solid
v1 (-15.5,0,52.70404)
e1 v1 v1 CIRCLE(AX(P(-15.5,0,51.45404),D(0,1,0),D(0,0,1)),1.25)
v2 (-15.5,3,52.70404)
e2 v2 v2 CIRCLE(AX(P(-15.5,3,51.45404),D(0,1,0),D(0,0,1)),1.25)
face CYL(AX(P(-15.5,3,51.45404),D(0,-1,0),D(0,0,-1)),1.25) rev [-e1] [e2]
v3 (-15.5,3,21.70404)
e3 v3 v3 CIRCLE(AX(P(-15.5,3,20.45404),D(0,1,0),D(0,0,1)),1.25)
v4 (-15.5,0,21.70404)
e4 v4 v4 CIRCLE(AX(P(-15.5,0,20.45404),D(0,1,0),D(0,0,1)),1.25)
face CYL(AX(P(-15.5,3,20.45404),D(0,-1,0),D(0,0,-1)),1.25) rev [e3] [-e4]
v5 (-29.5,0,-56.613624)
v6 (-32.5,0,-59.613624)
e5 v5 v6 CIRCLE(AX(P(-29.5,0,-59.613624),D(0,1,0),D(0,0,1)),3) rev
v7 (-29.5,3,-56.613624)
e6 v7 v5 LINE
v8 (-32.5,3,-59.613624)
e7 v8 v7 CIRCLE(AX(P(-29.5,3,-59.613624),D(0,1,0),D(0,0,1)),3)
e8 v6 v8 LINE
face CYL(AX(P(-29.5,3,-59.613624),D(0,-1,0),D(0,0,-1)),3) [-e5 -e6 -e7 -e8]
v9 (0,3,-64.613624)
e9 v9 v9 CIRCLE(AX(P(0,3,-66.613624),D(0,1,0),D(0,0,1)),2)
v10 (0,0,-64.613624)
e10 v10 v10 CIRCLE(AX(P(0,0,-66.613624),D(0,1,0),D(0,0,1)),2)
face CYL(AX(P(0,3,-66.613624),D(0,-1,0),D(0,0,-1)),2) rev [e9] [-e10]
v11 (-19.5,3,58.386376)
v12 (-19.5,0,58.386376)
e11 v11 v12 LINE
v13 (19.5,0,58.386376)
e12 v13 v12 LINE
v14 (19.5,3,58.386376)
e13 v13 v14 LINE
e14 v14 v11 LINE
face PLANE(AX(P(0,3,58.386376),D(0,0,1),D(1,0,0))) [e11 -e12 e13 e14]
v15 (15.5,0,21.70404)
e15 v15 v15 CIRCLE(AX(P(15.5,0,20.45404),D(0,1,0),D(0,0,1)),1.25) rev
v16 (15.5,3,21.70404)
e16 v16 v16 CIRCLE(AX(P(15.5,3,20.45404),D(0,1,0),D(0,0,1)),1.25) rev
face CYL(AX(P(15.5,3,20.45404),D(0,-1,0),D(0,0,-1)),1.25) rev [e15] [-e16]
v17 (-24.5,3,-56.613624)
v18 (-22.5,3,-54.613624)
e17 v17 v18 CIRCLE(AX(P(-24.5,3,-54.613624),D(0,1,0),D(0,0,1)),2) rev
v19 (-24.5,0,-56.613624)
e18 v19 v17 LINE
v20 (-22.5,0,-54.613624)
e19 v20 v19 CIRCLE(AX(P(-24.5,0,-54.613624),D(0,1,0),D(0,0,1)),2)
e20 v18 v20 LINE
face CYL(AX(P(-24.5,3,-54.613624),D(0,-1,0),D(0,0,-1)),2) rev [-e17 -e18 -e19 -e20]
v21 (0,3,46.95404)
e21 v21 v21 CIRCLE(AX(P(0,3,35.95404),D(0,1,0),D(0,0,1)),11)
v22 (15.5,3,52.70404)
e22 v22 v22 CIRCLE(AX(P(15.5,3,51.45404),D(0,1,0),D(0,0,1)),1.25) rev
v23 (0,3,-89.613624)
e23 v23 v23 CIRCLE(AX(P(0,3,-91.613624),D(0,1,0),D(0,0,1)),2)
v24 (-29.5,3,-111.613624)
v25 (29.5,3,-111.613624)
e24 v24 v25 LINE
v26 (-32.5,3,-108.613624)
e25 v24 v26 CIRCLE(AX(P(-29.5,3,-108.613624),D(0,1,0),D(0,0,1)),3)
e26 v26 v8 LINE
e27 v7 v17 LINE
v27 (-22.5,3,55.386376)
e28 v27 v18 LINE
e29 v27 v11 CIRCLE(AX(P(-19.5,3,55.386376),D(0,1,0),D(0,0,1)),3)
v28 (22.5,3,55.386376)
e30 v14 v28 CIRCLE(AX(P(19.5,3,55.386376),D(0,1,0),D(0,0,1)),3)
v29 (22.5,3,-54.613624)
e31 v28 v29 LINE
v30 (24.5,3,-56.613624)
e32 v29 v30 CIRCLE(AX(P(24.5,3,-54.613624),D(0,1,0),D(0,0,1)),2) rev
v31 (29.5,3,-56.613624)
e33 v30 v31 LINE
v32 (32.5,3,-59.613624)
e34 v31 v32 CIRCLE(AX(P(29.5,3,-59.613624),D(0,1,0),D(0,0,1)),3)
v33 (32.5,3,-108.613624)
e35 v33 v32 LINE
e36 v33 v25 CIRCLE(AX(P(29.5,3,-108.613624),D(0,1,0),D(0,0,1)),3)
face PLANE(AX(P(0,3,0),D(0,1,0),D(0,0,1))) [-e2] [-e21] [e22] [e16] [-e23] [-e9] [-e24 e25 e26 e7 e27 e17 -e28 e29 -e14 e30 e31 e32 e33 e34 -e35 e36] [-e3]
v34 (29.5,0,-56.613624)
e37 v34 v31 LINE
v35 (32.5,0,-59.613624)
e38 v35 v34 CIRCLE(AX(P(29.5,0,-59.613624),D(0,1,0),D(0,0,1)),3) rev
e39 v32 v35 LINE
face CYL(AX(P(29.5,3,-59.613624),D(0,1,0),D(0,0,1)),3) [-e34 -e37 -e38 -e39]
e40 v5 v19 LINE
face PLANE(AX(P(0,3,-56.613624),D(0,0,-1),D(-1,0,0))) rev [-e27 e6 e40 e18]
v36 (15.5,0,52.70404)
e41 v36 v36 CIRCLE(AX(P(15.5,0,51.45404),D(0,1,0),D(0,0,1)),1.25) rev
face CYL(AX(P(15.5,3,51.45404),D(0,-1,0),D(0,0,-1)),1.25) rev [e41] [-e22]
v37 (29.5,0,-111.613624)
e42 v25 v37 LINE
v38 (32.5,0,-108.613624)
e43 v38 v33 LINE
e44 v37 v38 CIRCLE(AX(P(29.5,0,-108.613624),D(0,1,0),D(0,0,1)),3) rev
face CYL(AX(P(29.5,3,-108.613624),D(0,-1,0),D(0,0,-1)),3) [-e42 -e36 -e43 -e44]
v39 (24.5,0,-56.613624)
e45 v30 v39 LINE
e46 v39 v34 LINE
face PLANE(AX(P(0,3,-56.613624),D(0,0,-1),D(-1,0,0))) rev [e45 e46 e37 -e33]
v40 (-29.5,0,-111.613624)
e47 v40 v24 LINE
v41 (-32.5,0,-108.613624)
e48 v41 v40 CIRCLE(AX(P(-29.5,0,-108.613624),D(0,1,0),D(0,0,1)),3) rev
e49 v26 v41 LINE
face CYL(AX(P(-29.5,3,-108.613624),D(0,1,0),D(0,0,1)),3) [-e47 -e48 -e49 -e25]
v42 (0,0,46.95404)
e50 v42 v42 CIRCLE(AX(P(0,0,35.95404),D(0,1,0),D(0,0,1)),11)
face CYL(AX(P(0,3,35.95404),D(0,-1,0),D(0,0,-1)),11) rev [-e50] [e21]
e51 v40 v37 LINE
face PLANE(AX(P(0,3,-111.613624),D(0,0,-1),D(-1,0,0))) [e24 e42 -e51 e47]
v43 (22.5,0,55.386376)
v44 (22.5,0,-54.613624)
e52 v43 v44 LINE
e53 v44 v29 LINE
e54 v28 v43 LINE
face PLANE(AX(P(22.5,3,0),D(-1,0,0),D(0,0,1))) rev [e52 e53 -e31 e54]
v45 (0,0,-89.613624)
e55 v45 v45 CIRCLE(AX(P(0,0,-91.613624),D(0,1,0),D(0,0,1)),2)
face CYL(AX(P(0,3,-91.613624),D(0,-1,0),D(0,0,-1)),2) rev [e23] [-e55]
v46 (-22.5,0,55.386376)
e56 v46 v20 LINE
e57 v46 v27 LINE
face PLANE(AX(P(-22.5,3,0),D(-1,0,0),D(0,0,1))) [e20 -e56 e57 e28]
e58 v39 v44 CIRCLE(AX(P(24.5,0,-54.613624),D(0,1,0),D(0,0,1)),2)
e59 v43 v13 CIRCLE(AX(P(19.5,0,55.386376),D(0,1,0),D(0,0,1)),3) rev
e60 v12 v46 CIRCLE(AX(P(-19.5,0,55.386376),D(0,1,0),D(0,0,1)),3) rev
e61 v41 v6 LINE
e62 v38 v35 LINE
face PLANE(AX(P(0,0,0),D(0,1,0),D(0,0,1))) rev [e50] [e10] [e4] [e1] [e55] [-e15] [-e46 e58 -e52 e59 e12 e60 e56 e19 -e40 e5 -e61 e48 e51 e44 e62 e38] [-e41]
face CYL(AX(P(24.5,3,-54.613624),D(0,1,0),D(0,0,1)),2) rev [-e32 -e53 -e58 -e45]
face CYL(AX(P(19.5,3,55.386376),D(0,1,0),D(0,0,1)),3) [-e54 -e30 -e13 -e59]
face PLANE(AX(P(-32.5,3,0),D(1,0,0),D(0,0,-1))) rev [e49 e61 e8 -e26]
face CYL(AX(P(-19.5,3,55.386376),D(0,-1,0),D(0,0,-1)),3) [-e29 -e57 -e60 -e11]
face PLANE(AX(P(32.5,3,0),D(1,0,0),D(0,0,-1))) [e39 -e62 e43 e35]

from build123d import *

# Parameters (mm, degrees)
SKETCH1_R           = 2
SKETCH1_R_2         = 1.25
SKETCH1_R_3         = 11
BOSS_EXTRUDE1_DEPTH = 3
FILLET1_R           = 3
FILLET2_R           = 3
FILLET3_R           = 3
FILLET4_R           = 3
FILLET5_R           = 3
FILLET7_R           = 3
FILLET8_R           = 2
FILLET9_R           = 2


with BuildPart() as part:
    # Sketch1 → Boss-Extrude1 (new body)
    with BuildSketch(Plane(origin=(0, 0, 0), x_dir=(1, 0, 0), z_dir=(0, 1, 0))):
        Polygon((0, 111.61362417), (-32.5, 111.61362417), (-32.5, 56.61362417), (-22.5, 56.61362417), (-22.5, -58.38637583), (0, -58.38637583), (22.5, -58.38637583), (22.5, 56.61362417), (32.5, 56.61362417), (32.5, 111.61362417), align=None)
        with Locations(Location((0, 91.61362417, 0), (0, 0, 270))):
            Circle(SKETCH1_R, mode=Mode.SUBTRACT)
        with Locations(Location((0, 66.61362417, 0), (0, 0, 270))):
            Circle(SKETCH1_R, mode=Mode.SUBTRACT)
        with Locations(Location((-15.5, -20.454039675, 0), (0, 0, 270))):
            Circle(SKETCH1_R_2, mode=Mode.SUBTRACT)
        with Locations(Location((-15.5, -51.454039675, 0), (0, 0, 270))):
            Circle(SKETCH1_R_2, mode=Mode.SUBTRACT)
        with Locations(Location((15.5, -51.454039675, 0), (0, 0, 270))):
            Circle(SKETCH1_R_2, mode=Mode.SUBTRACT)
        with Locations(Location((15.5, -20.454039675, 0), (0, 0, 270))):
            Circle(SKETCH1_R_2, mode=Mode.SUBTRACT)
        with Locations(Location((0, -35.954039675, 0), (0, 0, 270))):
            Circle(SKETCH1_R_3, mode=Mode.SUBTRACT)
    extrude(amount=BOSS_EXTRUDE1_DEPTH)

    # Fillet1
    fillet1_edges = [part.edges().sort_by_distance(p)[0] for p in [
        (32.5, 1.5, -111.61362417),
    ]]
    fillet(fillet1_edges, radius=FILLET1_R)

    # Fillet2
    fillet2_edges = [part.edges().sort_by_distance(p)[0] for p in [
        (-32.5, 1.5, -111.61362417),
    ]]
    fillet(fillet2_edges, radius=FILLET2_R)

    # Fillet3
    fillet3_edges = [part.edges().sort_by_distance(p)[0] for p in [
        (-32.5, 1.5, -56.61362417),
    ]]
    fillet(fillet3_edges, radius=FILLET3_R)

    # Fillet4
    fillet4_edges = [part.edges().sort_by_distance(p)[0] for p in [
        (32.5, 1.5, -56.61362417),
    ]]
    fillet(fillet4_edges, radius=FILLET4_R)

    # Fillet5
    fillet5_edges = [part.edges().sort_by_distance(p)[0] for p in [
        (22.5, 1.5, 58.38637583),
    ]]
    fillet(fillet5_edges, radius=FILLET5_R)

    # Fillet7
    fillet7_edges = [part.edges().sort_by_distance(p)[0] for p in [
        (-22.5, 1.5, 58.38637583),
    ]]
    fillet(fillet7_edges, radius=FILLET7_R)

    # Fillet8
    fillet8_edges = [part.edges().sort_by_distance(p)[0] for p in [
        (-22.5, 1.5, -56.61362417),
    ]]
    fillet(fillet8_edges, radius=FILLET8_R)

    # Fillet9
    fillet9_edges = [part.edges().sort_by_distance(p)[0] for p in [
        (22.5, 1.5, -56.61362417),
    ]]
    fillet(fillet9_edges, radius=FILLET9_R)


solid = part.part
